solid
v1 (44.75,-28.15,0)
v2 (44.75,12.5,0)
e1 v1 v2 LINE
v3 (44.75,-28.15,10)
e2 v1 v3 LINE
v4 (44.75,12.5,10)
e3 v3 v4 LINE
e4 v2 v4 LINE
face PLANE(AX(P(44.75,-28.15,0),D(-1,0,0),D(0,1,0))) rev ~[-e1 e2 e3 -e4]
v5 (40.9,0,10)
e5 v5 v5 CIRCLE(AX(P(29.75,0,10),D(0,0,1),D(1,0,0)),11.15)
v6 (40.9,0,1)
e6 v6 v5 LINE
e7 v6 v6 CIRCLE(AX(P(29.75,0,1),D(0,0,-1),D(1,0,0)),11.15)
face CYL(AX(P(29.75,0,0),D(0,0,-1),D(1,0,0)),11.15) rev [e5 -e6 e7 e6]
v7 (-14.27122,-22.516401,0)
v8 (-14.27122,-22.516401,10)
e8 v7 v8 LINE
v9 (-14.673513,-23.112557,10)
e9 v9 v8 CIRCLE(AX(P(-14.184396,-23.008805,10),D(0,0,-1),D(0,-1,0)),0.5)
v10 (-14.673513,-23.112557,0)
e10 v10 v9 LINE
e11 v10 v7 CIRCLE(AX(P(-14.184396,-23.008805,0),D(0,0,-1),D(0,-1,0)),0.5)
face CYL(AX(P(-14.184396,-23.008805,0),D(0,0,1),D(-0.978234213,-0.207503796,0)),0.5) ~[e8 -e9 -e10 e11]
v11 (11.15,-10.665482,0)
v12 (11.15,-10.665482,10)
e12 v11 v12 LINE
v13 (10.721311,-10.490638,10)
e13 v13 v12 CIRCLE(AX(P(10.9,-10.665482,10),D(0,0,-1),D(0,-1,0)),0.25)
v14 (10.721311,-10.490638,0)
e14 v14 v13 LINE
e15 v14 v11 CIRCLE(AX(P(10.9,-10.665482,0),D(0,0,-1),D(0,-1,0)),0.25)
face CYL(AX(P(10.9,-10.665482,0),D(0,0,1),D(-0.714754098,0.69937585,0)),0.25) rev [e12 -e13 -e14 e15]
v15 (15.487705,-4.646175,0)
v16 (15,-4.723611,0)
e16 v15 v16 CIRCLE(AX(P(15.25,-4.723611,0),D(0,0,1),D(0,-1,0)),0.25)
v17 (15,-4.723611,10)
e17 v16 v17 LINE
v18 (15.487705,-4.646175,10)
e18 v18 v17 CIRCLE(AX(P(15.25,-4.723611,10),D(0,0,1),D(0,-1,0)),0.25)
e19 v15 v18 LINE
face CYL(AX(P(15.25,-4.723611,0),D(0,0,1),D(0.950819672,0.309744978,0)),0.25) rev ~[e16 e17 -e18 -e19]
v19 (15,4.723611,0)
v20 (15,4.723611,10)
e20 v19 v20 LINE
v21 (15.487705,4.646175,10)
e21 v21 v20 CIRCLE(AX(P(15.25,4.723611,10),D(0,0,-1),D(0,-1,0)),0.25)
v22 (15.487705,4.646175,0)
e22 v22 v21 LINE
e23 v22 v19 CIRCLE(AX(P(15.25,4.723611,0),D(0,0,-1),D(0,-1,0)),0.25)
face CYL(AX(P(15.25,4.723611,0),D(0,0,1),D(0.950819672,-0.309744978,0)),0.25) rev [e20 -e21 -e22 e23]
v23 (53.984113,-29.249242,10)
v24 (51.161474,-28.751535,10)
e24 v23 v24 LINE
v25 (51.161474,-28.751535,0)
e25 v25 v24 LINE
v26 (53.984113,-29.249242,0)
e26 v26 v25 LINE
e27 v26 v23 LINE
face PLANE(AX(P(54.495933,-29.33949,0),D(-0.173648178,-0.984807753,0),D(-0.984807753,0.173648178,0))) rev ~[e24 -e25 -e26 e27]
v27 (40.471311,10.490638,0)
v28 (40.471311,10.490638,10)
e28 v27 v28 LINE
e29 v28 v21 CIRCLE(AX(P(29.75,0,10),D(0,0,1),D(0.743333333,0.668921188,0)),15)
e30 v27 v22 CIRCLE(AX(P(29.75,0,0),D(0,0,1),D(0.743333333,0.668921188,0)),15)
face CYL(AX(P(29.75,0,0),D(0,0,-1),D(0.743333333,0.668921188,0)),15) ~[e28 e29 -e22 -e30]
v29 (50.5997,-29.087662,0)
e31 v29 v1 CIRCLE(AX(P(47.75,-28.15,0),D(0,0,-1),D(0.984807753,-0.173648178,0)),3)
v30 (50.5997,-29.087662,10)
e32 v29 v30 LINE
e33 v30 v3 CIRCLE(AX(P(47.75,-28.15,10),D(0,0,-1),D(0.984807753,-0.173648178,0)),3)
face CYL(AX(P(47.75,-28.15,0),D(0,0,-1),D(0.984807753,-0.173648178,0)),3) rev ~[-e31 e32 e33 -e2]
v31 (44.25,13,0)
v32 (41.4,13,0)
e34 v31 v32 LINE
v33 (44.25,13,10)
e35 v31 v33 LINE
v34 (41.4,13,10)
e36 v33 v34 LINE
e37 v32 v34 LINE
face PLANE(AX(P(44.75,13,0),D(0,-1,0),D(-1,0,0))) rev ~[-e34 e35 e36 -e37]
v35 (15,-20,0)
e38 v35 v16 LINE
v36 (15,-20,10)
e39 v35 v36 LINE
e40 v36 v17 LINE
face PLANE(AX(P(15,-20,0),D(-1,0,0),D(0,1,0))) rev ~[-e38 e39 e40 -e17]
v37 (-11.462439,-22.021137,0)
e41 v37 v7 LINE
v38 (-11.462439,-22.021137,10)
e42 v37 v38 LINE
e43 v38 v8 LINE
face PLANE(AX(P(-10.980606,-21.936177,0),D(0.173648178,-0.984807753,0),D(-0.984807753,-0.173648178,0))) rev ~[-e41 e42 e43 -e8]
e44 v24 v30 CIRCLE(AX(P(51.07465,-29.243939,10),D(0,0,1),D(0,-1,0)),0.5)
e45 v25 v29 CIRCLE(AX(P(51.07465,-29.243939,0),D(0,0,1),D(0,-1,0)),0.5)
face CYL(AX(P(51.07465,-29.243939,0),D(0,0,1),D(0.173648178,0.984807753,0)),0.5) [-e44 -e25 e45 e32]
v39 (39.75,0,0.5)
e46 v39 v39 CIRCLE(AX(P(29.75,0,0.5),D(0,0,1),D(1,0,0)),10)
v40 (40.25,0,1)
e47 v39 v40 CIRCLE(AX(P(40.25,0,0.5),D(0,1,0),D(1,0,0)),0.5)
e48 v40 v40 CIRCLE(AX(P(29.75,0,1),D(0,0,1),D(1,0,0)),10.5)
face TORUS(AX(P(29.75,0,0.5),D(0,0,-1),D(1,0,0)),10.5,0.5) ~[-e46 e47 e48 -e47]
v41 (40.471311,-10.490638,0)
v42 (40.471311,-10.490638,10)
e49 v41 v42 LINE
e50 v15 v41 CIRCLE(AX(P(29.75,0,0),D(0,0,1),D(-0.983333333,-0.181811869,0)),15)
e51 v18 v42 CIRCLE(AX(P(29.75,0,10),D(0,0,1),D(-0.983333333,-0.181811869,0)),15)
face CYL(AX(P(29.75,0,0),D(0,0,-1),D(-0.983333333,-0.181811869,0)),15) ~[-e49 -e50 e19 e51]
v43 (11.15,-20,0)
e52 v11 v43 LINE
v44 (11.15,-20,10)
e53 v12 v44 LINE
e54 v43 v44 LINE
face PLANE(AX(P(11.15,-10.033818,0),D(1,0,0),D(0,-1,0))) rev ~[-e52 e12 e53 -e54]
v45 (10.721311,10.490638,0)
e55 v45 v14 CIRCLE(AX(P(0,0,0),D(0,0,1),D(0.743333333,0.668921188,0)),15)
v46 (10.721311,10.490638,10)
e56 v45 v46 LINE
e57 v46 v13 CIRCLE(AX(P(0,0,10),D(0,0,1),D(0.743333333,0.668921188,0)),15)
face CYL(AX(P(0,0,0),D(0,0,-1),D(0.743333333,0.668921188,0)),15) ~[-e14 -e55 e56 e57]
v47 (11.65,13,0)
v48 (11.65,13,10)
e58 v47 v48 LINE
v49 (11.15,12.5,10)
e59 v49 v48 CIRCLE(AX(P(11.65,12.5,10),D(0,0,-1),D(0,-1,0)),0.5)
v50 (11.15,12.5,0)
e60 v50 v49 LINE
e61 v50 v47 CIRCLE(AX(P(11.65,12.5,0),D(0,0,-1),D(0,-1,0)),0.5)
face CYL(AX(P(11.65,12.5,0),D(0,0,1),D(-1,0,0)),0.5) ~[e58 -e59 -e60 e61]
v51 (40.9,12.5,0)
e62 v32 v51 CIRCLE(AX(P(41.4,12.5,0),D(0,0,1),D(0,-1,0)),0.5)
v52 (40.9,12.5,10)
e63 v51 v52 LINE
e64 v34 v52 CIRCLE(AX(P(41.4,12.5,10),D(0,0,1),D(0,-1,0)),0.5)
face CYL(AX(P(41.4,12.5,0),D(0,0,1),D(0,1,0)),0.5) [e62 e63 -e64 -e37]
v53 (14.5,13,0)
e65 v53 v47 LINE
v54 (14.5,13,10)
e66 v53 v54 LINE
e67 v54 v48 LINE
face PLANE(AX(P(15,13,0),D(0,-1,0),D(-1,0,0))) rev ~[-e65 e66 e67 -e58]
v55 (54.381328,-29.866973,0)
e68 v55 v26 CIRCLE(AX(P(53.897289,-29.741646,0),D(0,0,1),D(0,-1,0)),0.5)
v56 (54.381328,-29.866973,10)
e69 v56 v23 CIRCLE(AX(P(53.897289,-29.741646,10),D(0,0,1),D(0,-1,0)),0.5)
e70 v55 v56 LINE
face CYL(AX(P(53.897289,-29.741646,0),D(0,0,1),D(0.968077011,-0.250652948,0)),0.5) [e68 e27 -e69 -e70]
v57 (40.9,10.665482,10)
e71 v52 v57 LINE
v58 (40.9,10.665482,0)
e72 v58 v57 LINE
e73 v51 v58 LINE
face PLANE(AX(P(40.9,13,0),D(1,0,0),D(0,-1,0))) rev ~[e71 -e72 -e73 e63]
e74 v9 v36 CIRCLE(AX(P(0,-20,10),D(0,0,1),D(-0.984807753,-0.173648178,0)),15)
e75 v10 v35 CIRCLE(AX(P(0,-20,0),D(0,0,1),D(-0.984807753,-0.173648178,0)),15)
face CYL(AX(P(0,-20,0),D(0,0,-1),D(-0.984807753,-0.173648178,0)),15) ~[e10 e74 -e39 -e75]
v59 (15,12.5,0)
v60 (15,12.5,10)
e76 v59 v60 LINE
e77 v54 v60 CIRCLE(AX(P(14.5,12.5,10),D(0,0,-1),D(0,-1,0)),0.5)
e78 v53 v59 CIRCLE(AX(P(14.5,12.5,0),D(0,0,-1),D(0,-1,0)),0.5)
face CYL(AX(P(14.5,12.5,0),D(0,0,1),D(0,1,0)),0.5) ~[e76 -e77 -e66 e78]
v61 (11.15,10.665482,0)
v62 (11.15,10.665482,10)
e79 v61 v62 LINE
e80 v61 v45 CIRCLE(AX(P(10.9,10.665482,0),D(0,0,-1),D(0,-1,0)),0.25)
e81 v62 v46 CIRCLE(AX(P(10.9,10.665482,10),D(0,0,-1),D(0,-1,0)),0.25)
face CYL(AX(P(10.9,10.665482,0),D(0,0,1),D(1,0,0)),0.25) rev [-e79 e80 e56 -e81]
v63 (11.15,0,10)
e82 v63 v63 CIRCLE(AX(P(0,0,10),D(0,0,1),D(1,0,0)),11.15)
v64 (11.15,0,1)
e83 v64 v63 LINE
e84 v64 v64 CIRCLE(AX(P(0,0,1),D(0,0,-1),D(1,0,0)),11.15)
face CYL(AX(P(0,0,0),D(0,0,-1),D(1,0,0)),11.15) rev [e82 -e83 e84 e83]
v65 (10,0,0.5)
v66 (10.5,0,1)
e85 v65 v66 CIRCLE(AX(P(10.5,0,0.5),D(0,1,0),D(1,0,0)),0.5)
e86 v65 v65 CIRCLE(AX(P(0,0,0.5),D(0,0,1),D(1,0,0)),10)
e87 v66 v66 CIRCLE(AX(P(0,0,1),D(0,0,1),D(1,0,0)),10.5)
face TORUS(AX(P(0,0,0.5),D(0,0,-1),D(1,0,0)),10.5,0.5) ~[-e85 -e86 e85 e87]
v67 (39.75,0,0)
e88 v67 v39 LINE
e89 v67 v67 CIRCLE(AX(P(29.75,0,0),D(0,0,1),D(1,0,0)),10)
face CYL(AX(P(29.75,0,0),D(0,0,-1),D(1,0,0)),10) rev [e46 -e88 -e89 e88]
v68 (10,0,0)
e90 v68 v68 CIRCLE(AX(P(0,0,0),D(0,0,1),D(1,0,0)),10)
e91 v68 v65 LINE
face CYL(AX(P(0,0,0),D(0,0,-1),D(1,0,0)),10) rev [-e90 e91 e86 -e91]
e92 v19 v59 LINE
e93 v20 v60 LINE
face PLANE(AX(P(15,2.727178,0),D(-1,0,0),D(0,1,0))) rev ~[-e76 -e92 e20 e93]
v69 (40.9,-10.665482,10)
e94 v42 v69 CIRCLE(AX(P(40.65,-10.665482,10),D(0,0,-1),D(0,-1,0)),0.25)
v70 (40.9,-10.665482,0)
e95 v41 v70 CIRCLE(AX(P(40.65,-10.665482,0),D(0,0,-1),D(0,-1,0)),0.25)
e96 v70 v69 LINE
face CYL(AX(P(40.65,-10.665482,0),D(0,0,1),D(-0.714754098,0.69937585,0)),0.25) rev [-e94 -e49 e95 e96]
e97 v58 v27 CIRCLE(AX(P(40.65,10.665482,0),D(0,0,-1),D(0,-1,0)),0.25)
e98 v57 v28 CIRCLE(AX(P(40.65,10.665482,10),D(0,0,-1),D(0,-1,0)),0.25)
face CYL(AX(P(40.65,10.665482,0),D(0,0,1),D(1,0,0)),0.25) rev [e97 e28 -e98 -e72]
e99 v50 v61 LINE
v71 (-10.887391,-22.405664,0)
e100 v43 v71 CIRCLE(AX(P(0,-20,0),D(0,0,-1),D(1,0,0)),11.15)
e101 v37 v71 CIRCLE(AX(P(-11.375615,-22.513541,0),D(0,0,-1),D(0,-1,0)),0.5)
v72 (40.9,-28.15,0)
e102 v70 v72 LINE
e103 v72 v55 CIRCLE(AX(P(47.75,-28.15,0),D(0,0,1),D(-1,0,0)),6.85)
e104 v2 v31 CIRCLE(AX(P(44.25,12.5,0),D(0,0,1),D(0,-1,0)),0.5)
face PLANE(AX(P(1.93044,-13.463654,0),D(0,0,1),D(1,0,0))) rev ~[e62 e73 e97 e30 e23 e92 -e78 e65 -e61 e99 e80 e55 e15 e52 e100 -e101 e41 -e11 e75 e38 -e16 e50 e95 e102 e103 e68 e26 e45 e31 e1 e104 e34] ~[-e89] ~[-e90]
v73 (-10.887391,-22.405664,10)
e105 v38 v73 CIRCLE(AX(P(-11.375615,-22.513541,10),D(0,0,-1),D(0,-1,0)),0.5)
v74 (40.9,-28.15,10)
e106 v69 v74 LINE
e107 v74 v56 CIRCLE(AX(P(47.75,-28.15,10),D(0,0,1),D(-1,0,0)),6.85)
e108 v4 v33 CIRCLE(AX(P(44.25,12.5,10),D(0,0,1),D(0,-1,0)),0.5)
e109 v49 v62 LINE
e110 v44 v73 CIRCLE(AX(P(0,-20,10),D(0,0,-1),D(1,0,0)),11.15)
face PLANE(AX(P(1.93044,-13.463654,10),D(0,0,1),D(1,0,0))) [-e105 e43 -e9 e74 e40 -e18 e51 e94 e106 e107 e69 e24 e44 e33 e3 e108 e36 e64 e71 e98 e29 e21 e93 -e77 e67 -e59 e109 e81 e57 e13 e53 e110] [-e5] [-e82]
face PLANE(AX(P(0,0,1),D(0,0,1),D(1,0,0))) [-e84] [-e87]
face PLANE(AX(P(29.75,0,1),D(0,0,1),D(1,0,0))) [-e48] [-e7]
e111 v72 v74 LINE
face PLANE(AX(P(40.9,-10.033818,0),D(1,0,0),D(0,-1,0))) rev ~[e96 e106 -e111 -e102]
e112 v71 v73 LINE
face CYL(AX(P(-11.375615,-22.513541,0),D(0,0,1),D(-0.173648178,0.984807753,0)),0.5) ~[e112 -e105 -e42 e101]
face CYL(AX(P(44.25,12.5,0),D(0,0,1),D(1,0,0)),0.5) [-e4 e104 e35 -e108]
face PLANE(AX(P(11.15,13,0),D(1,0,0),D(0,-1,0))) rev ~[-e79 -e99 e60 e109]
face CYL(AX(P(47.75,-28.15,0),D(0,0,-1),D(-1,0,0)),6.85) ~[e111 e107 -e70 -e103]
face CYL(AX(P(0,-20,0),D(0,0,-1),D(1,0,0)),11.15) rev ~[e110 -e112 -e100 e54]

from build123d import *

# Parameters (mm, degrees)
F0_R     = 11.15
F1_DEPTH = 10
F2_R     = 11.5
F2_R_2   = 10
F3_DEPTH = 1
F4_R     = 0.5
F5_R     = 0.25
F6_R     = 0.5


with BuildPart() as f1:
    # F0 (on Top) → F1 (new body)
    with BuildSketch(Plane.XY):
        with BuildLine():
            ThreePointArc((14.875, 1.9324531042), (13.6283962301, 6.2663239778), (11.15, 10.0338178178))
            ThreePointArc((11.15, 10.0338178178), (-15, 0), (11.15, -10.0338178178))
            Line((11.15, -10.0338178178), (11.15, -20))
            ThreePointArc((11.15, -20), (0.9717865316, -31.1075708837), (-10.9806064461, -21.936177181))
            Line((-10.9806064461, -21.936177181), (-14.7721162952, -22.604722665))
            ThreePointArc((-14.7721162952, -22.604722665), (1.3073361412, -34.9429204714), (15, -20))
            Line((15, -20), (15, -2.7271780287))
            ThreePointArc((15, -2.7271780287), (14.7553944092, -0.4022476555), (14.875, 1.9324531042))
        make_face()
        Circle(F0_R, mode=Mode.SUBTRACT)
        with BuildLine():
            ThreePointArc((15, 2.7271780287), (14.9321711045, 2.3306537331), (14.875, 1.9324531042))
            ThreePointArc((14.875, 1.9324531042), (14.9687173799, 0.9682458366), (15, 0))
            Line((15, 0), (15, 2.7271780287))
        make_face()
        with BuildLine():
            Line((11.15, 13), (11.15, 10.0338178178))
            ThreePointArc((11.15, 10.0338178178), (13.6283962301, 6.2663239778), (14.875, 1.9324531042))
            ThreePointArc((14.875, 1.9324531042), (14.9321711045, 2.3306537331), (15, 2.7271780287))
            Line((15, 2.7271780287), (15, 13))
            Line((15, 13), (11.15, 13))
        make_face()
        with BuildLine():
            Line((15, 2.7271780287), (15, 0))
            Line((15, 0), (15, -2.7271780287))
            ThreePointArc((15, -2.7271780287), (25.6773170696, -14.4365249887), (40.9, -10.0338178178))
            Line((40.9, -10.0338178178), (40.9, 0))
            Line((40.9, 0), (40.9, 10.0338178178))
            ThreePointArc((40.9, 10.0338178178), (25.6773170696, 14.4365249887), (15, 2.7271780287))
        make_face()
        with Locations((29.75, 0)):
            Circle(F0_R, mode=Mode.SUBTRACT)
        with BuildLine():
            ThreePointArc((15, 0), (14.9687173799, 0.9682458366), (14.875, 1.9324531042))
            ThreePointArc((14.875, 1.9324531042), (14.7553944092, -0.4022476555), (15, -2.7271780287))
            Line((15, -2.7271780287), (15, 0))
        make_face()
        with BuildLine():
            ThreePointArc((44.75, 0), (43.7544635742, 5.3735463151), (40.9, 10.0338178178))
            Line((40.9, 10.0338178178), (40.9, 0))
            Line((40.9, 0), (40.9, -10.0338178178))
            ThreePointArc((40.9, -10.0338178178), (43.7544635742, -5.3735463151), (44.75, 0))
        make_face()
        with BuildLine():
            Line((40.9, 13), (40.9, 10.0338178178))
            ThreePointArc((40.9, 10.0338178178), (43.7544635742, 5.3735463151), (44.75, 0))
            Line((44.75, 0), (44.75, 13))
            Line((44.75, 13), (40.9, 13))
        make_face()
        with BuildLine():
            ThreePointArc((44.75, 0), (43.7544635742, -5.3735463151), (40.9, -10.0338178178))
            Line((40.9, -10.0338178178), (40.9, -28.15))
            Line((40.9, -28.15), (44.75, -28.15))
            Line((44.75, -28.15), (44.75, 0))
        make_face()
        with BuildLine():
            Line((44.75, -28.15), (40.9, -28.15))
            ThreePointArc((40.9, -28.15), (47.1529831622, -34.9739336819), (54.4959331081, -29.339490017))
            Line((54.4959331081, -29.339490017), (50.704423259, -28.670944533))
            ThreePointArc((50.704423259, -28.670944533), (47.4885327718, -31.1385840943), (44.75, -28.15))
        make_face()
    extrude(amount=F1_DEPTH)

    # F2 (on Top) → F3 (join)
    with BuildSketch(Plane.XY):
        Circle(F2_R)
        Circle(F2_R_2, mode=Mode.SUBTRACT)
        with Locations((29.75, 0)):
            Circle(F2_R)
        with Locations((29.75, 0)):
            Circle(F2_R_2, mode=Mode.SUBTRACT)
    extrude(amount=F3_DEPTH)

    # F4
    f4_edges = [f1.edges().sort_by_distance(p)[0] for p in [
        (-10, 0, 1),
        (19.75, 0, 1),
    ]]
    fillet(f4_edges, radius=F4_R)

    # F5
    f5_edges = [f1.edges().sort_by_distance(p)[0] for p in [
        (15, -2.727178, 5),
        (15, 2.727178, 5),
        (11.15, 10.033818, 5),
        (40.9, 10.033818, 5),
        (11.15, -10.033818, 5),
        (40.9, -10.033818, 5),
    ]]
    fillet(f5_edges, radius=F5_R)

    # F6
    f6_edges = [f1.edges().sort_by_distance(p)[0] for p in [
        (-10.980606, -21.936177, 5),
        (-14.772116, -22.604723, 5),
        (11.15, 13, 5),
        (15, 13, 5),
        (40.9, 13, 5),
        (44.75, 13, 5),
        (54.495933, -29.33949, 5),
        (50.704423, -28.670945, 5),
    ]]
    fillet(f6_edges, radius=F6_R)


solid = f1.part
